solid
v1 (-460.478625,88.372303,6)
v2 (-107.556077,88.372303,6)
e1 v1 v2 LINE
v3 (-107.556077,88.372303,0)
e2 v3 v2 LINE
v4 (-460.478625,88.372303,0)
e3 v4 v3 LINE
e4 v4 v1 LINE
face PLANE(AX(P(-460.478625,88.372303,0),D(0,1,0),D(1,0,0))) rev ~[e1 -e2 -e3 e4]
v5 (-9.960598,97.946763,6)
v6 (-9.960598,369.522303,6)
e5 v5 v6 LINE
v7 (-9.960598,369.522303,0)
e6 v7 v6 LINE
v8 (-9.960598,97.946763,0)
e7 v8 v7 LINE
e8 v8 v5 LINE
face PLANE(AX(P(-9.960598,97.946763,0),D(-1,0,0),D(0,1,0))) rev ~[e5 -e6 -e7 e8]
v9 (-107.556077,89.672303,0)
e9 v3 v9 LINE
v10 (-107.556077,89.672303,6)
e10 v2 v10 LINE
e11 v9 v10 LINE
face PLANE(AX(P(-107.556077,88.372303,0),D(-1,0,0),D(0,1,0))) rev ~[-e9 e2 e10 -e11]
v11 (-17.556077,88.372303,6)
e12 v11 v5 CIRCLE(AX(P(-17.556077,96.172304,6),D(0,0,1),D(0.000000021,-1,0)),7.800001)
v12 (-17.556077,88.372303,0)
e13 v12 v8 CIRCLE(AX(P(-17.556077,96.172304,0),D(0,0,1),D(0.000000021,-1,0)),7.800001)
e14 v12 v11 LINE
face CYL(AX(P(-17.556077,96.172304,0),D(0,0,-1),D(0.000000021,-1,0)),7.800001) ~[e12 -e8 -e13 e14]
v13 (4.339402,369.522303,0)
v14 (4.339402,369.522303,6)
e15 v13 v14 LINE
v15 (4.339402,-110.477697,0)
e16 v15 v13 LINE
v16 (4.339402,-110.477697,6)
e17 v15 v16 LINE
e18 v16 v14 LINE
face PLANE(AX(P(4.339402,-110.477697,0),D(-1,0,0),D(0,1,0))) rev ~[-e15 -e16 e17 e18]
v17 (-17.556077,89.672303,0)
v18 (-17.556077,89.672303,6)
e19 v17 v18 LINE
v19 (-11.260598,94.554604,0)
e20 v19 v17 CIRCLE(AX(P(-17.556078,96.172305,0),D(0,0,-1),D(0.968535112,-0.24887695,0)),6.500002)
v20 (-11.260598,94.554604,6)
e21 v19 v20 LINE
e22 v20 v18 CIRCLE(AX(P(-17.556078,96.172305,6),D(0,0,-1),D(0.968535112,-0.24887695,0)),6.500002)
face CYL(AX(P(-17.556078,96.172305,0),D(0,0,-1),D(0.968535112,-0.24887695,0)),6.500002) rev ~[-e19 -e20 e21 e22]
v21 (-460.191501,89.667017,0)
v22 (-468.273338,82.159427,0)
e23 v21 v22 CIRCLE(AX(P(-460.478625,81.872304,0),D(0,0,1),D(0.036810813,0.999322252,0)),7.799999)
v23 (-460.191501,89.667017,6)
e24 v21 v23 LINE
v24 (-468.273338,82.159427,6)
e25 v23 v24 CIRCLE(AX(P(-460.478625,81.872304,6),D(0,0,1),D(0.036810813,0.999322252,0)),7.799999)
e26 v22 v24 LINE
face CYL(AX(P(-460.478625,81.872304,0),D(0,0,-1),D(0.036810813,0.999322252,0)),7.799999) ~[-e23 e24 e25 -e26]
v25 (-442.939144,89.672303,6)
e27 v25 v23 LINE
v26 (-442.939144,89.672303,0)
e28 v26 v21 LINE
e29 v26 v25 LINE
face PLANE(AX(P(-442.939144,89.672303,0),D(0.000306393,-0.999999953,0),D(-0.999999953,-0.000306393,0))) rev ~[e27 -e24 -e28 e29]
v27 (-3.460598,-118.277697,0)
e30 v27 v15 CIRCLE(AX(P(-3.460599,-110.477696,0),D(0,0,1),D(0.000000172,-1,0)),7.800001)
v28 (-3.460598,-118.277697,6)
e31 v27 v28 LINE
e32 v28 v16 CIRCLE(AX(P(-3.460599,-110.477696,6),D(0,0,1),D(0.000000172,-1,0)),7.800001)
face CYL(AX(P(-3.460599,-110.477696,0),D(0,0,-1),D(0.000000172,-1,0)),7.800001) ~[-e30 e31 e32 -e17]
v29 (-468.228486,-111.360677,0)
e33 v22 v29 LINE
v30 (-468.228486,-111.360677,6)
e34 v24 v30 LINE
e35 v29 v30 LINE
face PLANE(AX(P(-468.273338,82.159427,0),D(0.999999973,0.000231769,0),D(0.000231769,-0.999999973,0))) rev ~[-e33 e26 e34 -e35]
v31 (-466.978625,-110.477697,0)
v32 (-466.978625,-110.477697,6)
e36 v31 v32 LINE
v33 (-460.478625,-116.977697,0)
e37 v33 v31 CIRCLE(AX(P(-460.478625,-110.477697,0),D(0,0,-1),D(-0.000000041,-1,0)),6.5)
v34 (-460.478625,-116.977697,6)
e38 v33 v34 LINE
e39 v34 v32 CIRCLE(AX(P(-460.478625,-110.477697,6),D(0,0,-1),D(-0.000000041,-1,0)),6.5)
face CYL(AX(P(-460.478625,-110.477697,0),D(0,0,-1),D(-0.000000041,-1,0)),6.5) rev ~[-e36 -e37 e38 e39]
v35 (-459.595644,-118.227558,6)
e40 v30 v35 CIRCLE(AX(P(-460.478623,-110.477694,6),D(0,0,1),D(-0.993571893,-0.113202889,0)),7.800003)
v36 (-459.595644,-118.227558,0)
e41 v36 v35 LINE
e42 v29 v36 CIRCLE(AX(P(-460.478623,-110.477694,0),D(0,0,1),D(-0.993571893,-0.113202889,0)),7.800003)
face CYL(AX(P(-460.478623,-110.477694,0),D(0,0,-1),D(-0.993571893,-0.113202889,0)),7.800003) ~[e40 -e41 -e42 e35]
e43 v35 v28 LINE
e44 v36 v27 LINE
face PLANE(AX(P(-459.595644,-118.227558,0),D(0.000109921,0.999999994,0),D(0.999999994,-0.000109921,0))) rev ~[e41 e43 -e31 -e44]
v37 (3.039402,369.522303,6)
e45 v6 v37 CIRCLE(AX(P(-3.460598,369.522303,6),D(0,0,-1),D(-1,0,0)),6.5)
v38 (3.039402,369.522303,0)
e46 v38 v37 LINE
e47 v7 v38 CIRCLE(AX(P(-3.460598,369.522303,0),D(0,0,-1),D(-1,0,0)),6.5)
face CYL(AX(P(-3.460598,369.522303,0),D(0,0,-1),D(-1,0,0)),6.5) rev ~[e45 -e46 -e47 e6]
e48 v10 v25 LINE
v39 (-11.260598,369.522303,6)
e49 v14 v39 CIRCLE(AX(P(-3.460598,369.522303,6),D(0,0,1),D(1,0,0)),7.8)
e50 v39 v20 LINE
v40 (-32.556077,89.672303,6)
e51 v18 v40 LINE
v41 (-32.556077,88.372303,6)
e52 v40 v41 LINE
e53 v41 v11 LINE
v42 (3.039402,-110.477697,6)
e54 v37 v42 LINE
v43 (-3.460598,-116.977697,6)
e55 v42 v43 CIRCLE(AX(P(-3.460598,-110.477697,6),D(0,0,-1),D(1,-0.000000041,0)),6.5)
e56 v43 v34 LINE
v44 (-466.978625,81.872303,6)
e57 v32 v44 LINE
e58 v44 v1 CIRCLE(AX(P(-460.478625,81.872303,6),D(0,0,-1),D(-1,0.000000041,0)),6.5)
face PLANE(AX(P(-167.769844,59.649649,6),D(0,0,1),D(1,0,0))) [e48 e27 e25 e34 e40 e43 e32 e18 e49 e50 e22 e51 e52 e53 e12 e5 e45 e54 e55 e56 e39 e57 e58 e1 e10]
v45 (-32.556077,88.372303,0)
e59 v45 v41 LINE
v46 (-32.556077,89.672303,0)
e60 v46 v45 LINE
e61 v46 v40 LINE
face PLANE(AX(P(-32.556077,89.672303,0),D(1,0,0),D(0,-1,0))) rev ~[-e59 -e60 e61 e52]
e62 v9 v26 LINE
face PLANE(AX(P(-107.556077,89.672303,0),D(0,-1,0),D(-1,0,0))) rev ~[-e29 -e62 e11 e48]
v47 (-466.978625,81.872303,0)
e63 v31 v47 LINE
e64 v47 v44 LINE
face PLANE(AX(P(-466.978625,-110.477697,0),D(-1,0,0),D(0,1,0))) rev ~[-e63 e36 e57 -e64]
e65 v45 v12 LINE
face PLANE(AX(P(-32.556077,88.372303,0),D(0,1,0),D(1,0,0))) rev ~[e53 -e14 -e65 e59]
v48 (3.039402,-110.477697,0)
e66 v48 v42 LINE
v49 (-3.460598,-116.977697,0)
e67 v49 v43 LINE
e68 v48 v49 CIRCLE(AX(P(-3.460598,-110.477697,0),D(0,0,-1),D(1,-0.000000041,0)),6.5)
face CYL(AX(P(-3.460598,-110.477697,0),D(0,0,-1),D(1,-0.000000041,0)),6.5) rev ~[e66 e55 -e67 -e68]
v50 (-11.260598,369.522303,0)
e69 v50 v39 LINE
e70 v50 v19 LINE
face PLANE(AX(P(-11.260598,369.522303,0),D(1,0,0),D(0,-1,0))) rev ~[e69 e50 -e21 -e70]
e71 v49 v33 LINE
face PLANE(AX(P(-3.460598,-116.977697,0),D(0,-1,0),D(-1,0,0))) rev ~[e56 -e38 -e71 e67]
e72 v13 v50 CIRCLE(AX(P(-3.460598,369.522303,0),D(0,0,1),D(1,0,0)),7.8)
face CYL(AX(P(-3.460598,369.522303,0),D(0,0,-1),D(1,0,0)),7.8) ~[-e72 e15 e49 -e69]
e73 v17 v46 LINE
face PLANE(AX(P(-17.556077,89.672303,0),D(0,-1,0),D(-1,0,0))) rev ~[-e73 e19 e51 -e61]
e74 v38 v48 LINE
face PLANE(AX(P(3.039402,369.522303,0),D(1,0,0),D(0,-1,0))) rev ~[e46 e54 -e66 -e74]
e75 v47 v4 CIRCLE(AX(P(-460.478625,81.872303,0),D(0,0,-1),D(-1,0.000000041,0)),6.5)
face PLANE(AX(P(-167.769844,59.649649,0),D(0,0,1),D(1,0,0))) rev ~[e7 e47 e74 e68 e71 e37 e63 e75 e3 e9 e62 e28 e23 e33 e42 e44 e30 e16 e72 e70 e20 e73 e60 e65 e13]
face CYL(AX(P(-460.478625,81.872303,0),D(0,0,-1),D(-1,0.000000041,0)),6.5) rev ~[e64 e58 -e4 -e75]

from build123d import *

# Parameters (mm, degrees)
F1_DEPTH = 6


with BuildPart() as f1:
    # F0 (on Top) → F1 (new body)
    with BuildSketch(Plane.XY):
        with BuildLine():
            ThreePointArc((-460.478625, -116.977697), (-465.074819, -115.073891), (-466.978625, -110.477697))
            Line((-466.978625, -110.477697), (-466.978625, 81.872303))
            ThreePointArc((-466.978625, 81.872303), (-465.074819, 86.468497), (-460.478625, 88.372303))
            Line((-460.478625, 88.372303), (-243.538855, 88.372303))
            Line((-243.538855, 88.372303), (-107.556077, 88.372303))
            Line((-107.556077, 88.372303), (-107.556077, 89.672303))
            Line((-107.556077, 89.672303), (-442.939144, 89.672303))
            Line((-442.939144, 89.672303), (-460.191501, 89.667017))
            ThreePointArc((-460.191501, 89.667017), (-465.787292, 87.587026), (-468.273338, 82.159427))
            Line((-468.273338, 82.159427), (-468.228486, -111.360677))
            ThreePointArc((-468.228486, -111.360677), (-465.334242, -116.582037), (-459.595644, -118.227558))
            Line((-459.595644, -118.227558), (-3.460598, -118.277697))
            ThreePointArc((-3.460598, -118.277697), (2.054834, -115.99313), (4.339402, -110.477697))
            Line((4.339402, -110.477697), (4.339402, 369.522303))
            ThreePointArc((4.339402, 369.522303), (-3.460598, 377.322303), (-11.260598, 369.522303))
            Line((-11.260598, 369.522303), (-11.260598, 94.554604))
            ThreePointArc((-11.260598, 94.554604), (-13.572677, 91.035911), (-17.556077, 89.672303))
            Line((-17.556077, 89.672303), (-32.556077, 89.672303))
            Line((-32.556077, 89.672303), (-32.556077, 88.372303))
            Line((-32.556077, 88.372303), (-17.556077, 88.372303))
            ThreePointArc((-17.556077, 88.372303), (-11.445398, 91.324664), (-9.960598, 97.946763))
            Line((-9.960598, 97.946763), (-9.960598, 369.522303))
            ThreePointArc((-9.960598, 369.522303), (-3.460598, 376.022303), (3.039402, 369.522303))
            Line((3.039402, 369.522303), (3.039402, -110.477697))
            ThreePointArc((3.039402, -110.477697), (1.135596, -115.073891), (-3.460598, -116.977697))
            Line((-3.460598, -116.977697), (-460.478625, -116.977697))
        make_face()
    extrude(amount=F1_DEPTH)


solid = f1.part
